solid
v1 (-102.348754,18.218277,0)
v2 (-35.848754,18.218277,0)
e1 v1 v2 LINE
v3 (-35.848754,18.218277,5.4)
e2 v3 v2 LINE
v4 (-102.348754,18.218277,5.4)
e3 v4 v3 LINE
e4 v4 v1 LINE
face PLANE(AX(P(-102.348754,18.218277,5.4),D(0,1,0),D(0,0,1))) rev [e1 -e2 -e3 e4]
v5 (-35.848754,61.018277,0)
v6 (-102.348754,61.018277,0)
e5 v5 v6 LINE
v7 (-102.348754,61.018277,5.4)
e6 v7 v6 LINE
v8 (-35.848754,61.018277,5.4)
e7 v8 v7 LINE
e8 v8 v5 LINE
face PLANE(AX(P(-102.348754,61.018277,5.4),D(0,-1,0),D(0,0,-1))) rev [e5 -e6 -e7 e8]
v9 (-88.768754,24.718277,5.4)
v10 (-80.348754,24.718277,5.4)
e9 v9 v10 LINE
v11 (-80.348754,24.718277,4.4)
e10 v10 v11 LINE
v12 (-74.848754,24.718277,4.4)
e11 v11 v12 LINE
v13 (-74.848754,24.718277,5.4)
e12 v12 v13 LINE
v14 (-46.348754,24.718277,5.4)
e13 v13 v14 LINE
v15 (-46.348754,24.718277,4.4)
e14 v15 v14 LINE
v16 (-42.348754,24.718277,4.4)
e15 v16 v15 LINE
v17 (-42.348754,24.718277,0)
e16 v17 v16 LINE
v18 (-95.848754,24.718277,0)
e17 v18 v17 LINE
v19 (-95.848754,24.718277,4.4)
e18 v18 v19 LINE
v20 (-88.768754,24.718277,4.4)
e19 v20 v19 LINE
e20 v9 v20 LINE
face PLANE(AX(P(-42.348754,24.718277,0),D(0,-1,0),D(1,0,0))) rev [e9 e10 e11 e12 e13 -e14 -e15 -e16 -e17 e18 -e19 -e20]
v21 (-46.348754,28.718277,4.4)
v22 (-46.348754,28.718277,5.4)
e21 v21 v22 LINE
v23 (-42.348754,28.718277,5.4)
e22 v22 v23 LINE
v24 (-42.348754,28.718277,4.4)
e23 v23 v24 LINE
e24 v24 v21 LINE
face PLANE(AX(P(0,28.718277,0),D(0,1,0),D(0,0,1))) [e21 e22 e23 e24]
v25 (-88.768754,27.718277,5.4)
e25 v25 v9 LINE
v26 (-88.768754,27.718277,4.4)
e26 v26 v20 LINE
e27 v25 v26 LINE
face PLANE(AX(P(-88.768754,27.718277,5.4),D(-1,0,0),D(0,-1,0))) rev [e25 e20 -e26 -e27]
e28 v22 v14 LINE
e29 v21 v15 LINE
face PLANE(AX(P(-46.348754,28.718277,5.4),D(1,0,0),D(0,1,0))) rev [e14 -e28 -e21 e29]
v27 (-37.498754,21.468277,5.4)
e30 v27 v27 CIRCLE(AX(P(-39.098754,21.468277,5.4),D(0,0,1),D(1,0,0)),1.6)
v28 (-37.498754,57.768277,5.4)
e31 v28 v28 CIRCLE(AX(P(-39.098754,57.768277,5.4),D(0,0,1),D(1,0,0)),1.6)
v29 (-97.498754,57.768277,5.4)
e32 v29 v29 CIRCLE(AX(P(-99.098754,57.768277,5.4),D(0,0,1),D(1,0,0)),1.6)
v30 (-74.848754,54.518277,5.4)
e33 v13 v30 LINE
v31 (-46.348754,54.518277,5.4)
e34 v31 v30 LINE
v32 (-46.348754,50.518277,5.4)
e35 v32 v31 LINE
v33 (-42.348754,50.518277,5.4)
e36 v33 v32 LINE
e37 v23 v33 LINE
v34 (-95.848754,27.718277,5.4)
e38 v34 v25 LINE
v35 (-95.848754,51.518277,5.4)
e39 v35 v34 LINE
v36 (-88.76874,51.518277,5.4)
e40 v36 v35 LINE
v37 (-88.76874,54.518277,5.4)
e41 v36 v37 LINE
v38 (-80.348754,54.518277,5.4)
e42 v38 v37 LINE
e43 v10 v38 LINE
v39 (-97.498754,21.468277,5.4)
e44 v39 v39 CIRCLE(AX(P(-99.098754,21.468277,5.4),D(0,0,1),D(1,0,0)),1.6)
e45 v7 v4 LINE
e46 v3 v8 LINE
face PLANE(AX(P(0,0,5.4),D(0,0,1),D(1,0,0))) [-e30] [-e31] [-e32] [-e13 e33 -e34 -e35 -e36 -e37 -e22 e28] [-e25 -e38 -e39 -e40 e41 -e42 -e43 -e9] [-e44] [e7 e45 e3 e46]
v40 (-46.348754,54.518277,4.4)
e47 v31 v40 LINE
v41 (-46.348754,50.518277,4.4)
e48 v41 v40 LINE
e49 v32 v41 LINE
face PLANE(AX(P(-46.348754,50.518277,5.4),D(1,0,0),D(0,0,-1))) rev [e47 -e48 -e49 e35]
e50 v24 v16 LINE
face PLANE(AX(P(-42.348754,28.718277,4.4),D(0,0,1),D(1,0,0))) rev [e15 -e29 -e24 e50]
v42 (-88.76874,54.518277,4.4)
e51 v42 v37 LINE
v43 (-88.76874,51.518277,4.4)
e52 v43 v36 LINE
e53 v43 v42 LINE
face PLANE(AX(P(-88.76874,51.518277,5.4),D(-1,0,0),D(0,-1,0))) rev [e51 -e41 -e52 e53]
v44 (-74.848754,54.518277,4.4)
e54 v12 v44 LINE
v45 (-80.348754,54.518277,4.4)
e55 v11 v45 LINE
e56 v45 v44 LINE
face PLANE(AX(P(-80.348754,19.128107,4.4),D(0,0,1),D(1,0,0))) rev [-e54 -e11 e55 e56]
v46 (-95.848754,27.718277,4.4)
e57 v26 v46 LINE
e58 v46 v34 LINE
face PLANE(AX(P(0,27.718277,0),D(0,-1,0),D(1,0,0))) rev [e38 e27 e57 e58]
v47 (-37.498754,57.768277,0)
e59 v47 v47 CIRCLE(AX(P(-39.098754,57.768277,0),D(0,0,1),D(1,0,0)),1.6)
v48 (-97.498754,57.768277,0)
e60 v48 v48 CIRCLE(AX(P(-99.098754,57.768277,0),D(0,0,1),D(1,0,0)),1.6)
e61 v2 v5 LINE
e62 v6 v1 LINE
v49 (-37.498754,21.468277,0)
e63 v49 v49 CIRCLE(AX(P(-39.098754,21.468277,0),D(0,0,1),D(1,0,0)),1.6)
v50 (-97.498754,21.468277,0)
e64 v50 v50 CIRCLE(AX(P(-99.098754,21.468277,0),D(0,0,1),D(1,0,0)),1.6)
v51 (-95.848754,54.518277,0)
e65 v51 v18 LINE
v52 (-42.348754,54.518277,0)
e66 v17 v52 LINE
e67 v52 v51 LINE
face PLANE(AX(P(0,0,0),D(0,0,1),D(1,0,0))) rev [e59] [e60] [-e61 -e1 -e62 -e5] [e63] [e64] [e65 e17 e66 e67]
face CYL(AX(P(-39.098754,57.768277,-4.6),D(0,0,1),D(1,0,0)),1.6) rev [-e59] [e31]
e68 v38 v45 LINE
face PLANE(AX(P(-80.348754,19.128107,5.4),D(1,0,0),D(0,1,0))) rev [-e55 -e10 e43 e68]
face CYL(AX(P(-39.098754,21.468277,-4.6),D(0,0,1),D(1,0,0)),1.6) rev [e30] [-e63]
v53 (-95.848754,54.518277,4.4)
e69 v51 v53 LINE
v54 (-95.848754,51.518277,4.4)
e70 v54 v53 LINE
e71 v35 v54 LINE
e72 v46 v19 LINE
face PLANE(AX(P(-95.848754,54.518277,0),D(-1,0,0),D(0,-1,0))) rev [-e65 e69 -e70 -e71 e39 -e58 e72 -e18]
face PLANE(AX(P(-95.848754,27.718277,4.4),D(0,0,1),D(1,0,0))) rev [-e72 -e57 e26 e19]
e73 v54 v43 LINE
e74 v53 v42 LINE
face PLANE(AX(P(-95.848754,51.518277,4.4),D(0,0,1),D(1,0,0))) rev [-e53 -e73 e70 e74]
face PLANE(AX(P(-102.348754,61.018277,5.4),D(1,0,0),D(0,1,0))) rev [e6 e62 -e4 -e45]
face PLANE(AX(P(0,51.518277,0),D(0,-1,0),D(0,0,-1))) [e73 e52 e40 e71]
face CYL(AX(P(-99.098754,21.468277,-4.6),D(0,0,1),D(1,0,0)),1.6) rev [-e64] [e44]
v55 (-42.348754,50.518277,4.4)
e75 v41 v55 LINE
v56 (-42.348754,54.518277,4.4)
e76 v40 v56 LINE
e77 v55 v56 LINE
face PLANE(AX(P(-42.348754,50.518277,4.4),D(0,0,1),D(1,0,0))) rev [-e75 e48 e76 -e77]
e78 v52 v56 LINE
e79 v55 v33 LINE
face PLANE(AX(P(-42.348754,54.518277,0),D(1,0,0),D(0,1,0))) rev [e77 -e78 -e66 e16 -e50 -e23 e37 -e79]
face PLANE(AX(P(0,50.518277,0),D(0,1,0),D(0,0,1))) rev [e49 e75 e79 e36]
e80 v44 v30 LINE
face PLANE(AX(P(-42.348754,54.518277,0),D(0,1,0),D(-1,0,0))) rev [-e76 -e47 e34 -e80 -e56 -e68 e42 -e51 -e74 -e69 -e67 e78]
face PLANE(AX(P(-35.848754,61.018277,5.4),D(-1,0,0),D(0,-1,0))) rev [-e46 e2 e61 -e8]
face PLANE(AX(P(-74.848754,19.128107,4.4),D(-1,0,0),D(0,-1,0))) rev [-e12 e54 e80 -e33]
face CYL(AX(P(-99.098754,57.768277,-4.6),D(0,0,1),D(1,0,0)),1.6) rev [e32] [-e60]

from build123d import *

# Parameters (mm, degrees)
SZKIC1_W                    = 66.5
SZKIC1_H                    = 42.8
DODANIE_WYCI_GNI_CIE1_DEPTH = 5.4
SZKIC2_W                    = 53.5
SZKIC2_H                    = 29.8
WYTNIJ_WYCI_GNI_CIE1_DEPTH  = 120.279744778
SZKIC3_R                    = 1.6
WYTNIJ_WYCI_GNI_CIE2_DEPTH  = 10
SZKIC5_W                    = 5.5
SZKIC5_H                    = 1
DODANIE_WYCI_GNI_CIE2_DEPTH = 29.8
SZKIC6_W                    = 4
SZKIC6_H                    = 1
DODANIE_WYCI_GNI_CIE3_DEPTH = 4
SZKIC7_W                    = 4
SZKIC7_H                    = 1
DODANIE_WYCI_GNI_CIE4_DEPTH = 4
SZKIC8_W                    = 7.080014019
SZKIC8_H                    = 1
DODANIE_WYCI_GNI_CIE5_DEPTH = 3
SZKIC9_W                    = 7.08
SZKIC9_H                    = 1
DODANIE_WYCI_GNI_CIE6_DEPTH = 3


with BuildPart() as part:
    # Szkic1 → Dodanie-wyciągnięcie1 (new body)
    with BuildSketch(Plane.XY):
        with Locations((-69.098753826, 39.618276807)):
            Rectangle(SZKIC1_W, SZKIC1_H)
    extrude(amount=DODANIE_WYCI_GNI_CIE1_DEPTH)

    # Szkic2 → Wytnij-wyciągnięcie1 (cut, through all)
    with BuildSketch(Plane.XY.offset(5.4)):
        with Locations((-69.098753826, 39.618276807)):
            Rectangle(SZKIC2_W, SZKIC2_H)
    extrude(amount=-WYTNIJ_WYCI_GNI_CIE1_DEPTH, mode=Mode.SUBTRACT)

    # Szkic3 → Wytnij-wyciągnięcie2 (cut)
    with BuildSketch(Plane.XY.offset(5.4)):
        with Locations((-99.098753826, 57.768276807)):
            Circle(SZKIC3_R)
        with Locations((-39.098753826, 57.768276807)):
            Circle(SZKIC3_R)
        with Locations((-39.098753826, 21.468276807)):
            Circle(SZKIC3_R)
        with Locations((-99.098753826, 21.468276807)):
            Circle(SZKIC3_R)
    extrude(amount=-WYTNIJ_WYCI_GNI_CIE2_DEPTH, mode=Mode.SUBTRACT)

    # Szkic5 → Dodanie-wyciągnięcie2 (add)
    with BuildSketch(Plane.XZ.offset(-54.518276807)):
        with Locations((-77.598753826, 4.9)):
            Rectangle(SZKIC5_W, SZKIC5_H)
    extrude(amount=DODANIE_WYCI_GNI_CIE2_DEPTH)

    # Szkic6 → Dodanie-wyciągnięcie3 (add)
    with BuildSketch(Plane.XZ.offset(-54.518276807)):
        with Locations((-44.348753826, 4.9)):
            Rectangle(SZKIC6_W, SZKIC6_H)
    extrude(amount=DODANIE_WYCI_GNI_CIE3_DEPTH)

    # Szkic7 → Dodanie-wyciągnięcie4 (add)
    with BuildSketch(Plane(origin=(0, 24.718276807, 0), x_dir=(1, 0, 0), z_dir=(0, 1, 0))):
        with Locations((-44.348753826, -4.9)):
            Rectangle(SZKIC7_W, SZKIC7_H)
    extrude(amount=DODANIE_WYCI_GNI_CIE4_DEPTH)

    # Szkic8 → Dodanie-wyciągnięcie5 (add)
    with BuildSketch(Plane.XZ.offset(-54.518276807)):
        with Locations((-92.308746817, 4.9)):
            Rectangle(SZKIC8_W, SZKIC8_H)
    extrude(amount=DODANIE_WYCI_GNI_CIE5_DEPTH)

    # Szkic9 → Dodanie-wyciągnięcie6 (add)
    with BuildSketch(Plane(origin=(0, 24.718276807, 0), x_dir=(1, 0, 0), z_dir=(0, 1, 0))):
        with Locations((-92.308753826, -4.9)):
            Rectangle(SZKIC9_W, SZKIC9_H)
    extrude(amount=DODANIE_WYCI_GNI_CIE6_DEPTH)


solid = part.part
